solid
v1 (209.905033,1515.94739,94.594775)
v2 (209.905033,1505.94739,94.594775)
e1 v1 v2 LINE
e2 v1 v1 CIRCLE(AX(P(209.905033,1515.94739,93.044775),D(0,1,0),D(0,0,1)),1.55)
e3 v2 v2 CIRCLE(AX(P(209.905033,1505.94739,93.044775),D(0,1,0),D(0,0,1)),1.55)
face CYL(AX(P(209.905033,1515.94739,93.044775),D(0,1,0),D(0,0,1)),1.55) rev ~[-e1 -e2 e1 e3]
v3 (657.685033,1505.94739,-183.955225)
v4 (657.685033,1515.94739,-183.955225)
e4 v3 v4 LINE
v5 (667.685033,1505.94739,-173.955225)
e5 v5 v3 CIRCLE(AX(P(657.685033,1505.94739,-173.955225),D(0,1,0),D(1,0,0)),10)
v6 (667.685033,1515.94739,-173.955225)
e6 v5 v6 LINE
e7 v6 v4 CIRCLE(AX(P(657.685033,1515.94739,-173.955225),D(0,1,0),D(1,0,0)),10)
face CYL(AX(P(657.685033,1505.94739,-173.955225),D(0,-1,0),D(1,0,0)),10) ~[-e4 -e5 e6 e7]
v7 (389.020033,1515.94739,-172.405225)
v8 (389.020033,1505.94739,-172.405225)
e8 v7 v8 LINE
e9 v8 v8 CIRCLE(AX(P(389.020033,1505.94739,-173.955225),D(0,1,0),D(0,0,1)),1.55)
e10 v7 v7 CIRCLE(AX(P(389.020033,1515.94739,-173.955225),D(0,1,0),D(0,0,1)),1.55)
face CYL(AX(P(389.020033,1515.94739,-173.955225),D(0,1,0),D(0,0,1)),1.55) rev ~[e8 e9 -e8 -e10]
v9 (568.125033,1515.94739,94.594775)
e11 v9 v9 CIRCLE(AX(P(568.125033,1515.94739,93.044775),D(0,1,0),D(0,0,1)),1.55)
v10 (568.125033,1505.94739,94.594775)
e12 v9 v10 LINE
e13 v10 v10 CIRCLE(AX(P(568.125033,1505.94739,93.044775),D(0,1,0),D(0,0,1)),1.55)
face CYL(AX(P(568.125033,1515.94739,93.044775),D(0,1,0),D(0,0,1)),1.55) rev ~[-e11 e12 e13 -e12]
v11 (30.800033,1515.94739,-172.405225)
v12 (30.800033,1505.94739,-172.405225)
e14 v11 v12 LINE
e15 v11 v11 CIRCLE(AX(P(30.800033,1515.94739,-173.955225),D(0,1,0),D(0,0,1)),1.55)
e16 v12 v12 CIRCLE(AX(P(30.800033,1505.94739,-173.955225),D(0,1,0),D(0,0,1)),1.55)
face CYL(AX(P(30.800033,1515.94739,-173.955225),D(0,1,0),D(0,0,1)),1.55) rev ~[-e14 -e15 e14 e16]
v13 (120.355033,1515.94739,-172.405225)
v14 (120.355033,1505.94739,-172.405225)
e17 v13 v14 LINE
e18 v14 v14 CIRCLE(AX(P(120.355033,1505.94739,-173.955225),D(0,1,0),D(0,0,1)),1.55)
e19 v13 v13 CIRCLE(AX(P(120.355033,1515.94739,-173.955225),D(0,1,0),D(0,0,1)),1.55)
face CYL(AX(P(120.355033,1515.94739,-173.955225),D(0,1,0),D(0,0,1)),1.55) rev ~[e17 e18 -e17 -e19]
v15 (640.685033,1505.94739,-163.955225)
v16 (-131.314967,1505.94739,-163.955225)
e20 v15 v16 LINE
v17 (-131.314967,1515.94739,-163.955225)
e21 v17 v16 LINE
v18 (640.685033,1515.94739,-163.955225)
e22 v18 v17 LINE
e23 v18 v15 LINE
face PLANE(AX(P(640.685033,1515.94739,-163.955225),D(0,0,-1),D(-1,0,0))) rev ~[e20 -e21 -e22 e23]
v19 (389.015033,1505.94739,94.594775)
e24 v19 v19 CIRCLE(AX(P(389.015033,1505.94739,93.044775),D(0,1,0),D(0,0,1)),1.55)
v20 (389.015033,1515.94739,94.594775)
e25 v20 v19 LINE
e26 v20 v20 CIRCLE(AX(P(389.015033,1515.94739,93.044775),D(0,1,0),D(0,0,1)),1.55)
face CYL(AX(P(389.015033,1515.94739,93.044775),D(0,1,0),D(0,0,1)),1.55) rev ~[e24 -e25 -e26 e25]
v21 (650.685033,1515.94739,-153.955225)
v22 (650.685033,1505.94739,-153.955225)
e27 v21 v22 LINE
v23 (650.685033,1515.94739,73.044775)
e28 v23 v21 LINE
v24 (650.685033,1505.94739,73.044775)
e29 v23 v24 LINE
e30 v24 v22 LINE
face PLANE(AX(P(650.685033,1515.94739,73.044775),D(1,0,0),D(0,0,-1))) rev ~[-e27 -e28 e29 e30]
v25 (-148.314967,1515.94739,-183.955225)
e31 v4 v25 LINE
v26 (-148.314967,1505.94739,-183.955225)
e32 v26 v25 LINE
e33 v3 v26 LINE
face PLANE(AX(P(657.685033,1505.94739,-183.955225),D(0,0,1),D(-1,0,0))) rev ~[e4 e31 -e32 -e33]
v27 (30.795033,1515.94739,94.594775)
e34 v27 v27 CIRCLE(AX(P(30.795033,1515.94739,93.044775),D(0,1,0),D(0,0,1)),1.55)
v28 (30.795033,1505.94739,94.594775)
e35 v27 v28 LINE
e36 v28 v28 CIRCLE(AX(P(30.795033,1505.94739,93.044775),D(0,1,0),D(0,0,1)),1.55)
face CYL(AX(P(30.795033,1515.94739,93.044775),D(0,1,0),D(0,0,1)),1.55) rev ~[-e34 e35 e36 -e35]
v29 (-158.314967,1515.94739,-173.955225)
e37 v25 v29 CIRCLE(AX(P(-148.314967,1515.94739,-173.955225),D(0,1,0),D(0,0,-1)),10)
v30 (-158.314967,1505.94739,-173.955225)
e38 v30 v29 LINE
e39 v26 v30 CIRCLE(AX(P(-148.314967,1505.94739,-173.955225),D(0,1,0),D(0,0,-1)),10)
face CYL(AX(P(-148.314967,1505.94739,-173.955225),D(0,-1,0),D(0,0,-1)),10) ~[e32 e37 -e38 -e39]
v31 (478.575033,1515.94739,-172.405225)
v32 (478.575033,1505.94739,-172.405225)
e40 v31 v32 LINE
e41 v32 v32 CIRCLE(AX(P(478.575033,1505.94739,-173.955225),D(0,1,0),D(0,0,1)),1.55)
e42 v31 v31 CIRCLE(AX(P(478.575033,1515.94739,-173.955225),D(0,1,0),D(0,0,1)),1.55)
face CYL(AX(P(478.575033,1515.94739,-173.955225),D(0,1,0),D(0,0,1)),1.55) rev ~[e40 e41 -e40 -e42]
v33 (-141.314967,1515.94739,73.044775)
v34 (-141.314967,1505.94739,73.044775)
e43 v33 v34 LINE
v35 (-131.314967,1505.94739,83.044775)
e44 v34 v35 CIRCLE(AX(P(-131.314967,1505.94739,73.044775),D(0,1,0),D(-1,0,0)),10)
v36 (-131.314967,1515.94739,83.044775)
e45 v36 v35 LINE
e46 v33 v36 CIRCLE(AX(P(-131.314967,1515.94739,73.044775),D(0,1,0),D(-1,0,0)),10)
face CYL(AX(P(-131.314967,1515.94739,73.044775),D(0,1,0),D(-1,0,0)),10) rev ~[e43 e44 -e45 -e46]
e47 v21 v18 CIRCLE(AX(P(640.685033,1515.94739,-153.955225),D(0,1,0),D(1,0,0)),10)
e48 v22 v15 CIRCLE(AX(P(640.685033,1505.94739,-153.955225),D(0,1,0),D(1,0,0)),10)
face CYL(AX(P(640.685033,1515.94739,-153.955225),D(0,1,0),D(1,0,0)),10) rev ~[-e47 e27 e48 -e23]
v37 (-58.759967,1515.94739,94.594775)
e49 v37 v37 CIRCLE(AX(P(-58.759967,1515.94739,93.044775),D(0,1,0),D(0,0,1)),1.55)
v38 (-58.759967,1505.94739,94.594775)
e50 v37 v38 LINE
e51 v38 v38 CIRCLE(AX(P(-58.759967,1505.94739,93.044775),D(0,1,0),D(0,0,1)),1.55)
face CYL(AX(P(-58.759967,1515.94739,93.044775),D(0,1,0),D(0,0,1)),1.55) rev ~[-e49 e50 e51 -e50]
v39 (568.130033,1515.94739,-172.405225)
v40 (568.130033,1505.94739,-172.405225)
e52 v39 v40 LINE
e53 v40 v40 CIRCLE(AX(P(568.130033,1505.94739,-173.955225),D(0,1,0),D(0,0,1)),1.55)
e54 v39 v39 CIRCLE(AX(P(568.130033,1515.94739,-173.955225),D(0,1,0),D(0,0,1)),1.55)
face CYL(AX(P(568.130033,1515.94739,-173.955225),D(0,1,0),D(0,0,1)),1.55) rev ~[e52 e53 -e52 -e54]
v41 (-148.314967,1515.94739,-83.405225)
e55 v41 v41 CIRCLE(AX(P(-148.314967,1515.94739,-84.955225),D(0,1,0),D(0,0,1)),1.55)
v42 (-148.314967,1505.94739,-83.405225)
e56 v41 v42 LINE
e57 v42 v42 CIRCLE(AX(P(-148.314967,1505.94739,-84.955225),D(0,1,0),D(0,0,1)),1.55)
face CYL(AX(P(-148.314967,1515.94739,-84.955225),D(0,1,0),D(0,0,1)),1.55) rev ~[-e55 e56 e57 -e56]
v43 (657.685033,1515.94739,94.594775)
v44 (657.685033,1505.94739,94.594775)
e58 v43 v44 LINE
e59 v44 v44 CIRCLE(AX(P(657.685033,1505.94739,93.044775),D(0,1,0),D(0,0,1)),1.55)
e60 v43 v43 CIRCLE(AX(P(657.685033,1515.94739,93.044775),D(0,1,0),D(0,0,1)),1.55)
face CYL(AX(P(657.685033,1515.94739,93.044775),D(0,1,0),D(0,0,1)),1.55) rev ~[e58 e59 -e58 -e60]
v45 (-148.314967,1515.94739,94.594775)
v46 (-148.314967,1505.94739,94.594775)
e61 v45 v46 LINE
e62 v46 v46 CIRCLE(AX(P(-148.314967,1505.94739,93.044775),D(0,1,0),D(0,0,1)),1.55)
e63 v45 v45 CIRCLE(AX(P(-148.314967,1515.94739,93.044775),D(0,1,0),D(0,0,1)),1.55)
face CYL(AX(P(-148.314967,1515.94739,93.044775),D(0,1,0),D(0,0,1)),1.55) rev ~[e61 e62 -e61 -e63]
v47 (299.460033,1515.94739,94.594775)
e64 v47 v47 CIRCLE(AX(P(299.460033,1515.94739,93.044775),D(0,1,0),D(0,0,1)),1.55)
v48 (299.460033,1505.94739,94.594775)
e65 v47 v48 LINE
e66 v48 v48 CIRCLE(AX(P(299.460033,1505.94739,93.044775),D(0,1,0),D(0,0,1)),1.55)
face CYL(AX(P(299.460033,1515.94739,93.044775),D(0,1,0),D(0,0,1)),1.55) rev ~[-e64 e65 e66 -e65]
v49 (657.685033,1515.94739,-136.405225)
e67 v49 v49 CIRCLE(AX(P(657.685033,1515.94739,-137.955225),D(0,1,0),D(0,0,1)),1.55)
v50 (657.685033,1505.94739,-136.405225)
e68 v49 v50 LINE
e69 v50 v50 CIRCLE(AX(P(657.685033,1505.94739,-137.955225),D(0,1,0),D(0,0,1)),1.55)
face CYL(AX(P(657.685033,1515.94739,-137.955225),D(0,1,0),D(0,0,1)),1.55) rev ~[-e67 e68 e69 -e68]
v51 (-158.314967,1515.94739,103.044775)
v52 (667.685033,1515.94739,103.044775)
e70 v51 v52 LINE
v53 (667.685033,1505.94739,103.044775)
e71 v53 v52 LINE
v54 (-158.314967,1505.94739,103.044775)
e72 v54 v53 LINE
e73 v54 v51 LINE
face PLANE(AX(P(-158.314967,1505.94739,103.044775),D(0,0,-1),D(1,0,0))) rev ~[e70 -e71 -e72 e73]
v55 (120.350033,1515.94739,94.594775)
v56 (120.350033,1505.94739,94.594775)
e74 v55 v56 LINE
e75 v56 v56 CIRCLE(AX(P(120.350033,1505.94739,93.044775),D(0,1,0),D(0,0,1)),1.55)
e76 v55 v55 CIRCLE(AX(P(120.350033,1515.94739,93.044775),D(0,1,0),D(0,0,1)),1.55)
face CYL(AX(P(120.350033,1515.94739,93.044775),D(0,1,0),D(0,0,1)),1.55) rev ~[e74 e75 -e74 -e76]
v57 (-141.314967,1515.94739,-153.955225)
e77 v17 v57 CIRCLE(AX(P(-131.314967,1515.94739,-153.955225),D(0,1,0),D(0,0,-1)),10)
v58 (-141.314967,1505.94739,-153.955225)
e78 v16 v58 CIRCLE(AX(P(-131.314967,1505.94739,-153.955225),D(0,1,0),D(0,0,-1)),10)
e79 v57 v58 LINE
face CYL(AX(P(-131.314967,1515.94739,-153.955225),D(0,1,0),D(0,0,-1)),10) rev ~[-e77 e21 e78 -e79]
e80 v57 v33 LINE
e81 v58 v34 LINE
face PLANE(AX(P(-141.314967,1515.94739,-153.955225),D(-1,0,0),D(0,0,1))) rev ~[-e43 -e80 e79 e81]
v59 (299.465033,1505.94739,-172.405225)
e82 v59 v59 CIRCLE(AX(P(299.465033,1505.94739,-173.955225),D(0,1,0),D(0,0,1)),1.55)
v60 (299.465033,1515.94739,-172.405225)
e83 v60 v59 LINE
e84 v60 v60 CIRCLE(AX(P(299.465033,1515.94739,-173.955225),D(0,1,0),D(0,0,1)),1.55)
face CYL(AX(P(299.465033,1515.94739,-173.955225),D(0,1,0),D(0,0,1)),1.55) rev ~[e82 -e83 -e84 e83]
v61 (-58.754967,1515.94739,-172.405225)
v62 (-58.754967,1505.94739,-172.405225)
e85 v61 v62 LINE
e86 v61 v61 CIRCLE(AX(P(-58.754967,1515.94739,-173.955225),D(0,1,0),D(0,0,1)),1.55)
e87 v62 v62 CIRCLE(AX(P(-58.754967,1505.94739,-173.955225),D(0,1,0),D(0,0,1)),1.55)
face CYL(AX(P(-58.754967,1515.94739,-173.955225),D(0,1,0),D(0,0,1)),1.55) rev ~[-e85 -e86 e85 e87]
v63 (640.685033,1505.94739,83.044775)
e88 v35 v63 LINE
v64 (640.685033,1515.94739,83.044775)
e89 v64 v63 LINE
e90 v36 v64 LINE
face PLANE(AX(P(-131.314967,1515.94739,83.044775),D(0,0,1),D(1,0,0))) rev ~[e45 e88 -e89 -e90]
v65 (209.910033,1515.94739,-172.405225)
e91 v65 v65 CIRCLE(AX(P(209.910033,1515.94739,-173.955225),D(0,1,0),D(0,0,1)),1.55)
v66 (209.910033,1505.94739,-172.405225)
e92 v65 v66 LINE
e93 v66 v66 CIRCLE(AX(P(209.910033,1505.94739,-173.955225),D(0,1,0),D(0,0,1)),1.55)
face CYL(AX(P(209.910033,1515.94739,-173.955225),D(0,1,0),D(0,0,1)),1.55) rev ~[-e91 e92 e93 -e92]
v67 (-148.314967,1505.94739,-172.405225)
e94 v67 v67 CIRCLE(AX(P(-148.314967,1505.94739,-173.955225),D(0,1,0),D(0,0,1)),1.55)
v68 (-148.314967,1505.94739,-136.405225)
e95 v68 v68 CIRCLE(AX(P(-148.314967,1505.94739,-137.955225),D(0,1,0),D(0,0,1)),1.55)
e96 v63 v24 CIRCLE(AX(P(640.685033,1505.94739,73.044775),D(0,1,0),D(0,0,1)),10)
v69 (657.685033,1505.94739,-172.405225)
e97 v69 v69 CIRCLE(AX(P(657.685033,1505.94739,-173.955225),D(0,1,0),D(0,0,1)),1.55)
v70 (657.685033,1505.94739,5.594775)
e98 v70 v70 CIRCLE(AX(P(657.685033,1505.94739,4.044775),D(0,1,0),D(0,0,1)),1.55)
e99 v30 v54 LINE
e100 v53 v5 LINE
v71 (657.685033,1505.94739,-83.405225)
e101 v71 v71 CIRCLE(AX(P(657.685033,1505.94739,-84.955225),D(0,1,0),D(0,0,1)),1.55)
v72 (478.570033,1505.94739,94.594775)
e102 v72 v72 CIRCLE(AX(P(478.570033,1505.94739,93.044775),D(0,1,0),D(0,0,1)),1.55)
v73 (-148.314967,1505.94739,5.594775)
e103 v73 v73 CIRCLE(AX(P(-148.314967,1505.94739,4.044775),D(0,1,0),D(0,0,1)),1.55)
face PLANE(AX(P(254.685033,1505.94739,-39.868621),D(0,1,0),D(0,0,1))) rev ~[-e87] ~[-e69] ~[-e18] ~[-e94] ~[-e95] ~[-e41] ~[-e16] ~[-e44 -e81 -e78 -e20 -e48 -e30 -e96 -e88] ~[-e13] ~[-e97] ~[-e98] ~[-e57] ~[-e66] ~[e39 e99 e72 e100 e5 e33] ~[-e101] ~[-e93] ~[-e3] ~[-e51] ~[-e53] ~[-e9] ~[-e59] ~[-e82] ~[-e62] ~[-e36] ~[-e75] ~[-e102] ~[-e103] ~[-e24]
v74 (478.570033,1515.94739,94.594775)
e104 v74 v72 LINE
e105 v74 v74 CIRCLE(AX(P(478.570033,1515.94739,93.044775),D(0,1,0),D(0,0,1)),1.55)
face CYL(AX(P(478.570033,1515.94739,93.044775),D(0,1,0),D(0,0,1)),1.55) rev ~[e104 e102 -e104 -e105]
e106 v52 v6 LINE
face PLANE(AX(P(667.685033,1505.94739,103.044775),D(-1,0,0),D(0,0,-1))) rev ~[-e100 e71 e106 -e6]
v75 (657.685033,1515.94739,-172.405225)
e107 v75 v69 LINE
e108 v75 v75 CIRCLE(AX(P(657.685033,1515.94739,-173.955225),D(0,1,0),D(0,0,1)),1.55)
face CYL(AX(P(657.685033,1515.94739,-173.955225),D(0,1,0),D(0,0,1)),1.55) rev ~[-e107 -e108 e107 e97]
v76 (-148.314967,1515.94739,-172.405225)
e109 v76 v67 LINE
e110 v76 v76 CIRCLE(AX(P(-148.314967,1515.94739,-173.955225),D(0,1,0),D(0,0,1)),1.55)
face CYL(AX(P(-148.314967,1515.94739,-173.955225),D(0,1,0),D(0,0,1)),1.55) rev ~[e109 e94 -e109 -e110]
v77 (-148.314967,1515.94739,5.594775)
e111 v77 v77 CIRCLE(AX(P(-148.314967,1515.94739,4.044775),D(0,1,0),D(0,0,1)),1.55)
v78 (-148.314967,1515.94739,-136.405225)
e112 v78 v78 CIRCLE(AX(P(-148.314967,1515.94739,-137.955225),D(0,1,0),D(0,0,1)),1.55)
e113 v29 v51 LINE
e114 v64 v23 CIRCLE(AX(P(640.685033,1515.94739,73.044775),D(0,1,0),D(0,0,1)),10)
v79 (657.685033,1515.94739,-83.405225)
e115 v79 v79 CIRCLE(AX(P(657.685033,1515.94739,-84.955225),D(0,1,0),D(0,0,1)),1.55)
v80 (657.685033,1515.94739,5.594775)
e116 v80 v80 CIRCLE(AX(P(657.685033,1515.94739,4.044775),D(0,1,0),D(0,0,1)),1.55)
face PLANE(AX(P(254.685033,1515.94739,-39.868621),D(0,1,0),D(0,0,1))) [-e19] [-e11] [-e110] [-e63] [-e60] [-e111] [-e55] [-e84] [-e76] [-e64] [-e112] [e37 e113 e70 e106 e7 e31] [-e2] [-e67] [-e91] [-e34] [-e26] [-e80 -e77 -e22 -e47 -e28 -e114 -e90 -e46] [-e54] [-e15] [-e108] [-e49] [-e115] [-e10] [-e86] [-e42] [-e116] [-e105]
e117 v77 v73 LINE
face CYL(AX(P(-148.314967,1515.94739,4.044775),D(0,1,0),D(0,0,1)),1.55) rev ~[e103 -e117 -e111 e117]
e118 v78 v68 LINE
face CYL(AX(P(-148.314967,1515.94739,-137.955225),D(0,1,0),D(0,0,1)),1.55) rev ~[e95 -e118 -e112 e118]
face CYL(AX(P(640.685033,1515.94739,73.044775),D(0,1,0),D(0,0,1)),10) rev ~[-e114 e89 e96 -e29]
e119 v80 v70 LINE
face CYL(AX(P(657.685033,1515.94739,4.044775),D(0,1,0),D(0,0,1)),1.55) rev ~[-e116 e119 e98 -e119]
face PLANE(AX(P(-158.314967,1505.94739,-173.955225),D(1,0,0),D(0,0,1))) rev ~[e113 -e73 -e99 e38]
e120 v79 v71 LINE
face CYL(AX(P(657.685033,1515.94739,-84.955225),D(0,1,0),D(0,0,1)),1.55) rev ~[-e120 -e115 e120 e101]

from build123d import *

# Parameters (mm, degrees)
DODANIE_WYCI_GNI_CIE1_DEPTH = 10
WYTNIJ_WYCI_GNI_CIE1_DEPTH  = 10
SZKIC4_R                    = 1.55
WYTNIJ_WYCI_GNI_CIE2_DEPTH  = 10
SZYK_LINIOWY1_COUNT         = 9
SZYK_LINIOWY1_PITCH         = 89.555
SZYK_LINIOWY1_COL_COUNT     = 4
SZYK_LINIOWY1_COL_PITCH     = 89
SZKIC6_R                    = 1.55
WYTNIJ_WYCI_GNI_CIE3_DEPTH  = 10
SZYK_LINIOWY2_COUNT         = 4
SZYK_LINIOWY2_PITCH         = 89
SZYK_LINIOWY2_COL_COUNT     = 9
SZYK_LINIOWY2_COL_PITCH     = 89.555
SZYK_LINIOWY3_COUNT         = 2
SZYK_LINIOWY3_PITCH         = 36
SZYK_LINIOWY4_COUNT         = 2
SZYK_LINIOWY4_PITCH         = 231


with BuildPart() as part:
    # Szkic2 → Dodanie-wyciągnięcie1 (new body)
    with BuildSketch(Plane.ZX.offset(1505.947389818)):
        with BuildLine():
            Line((-183.955224703, 657.685033185), (-183.955224703, -148.314966815))
            ThreePointArc((-183.955224703, -148.314966815), (-181.026292515, -155.386034627), (-173.955224703, -158.314966815))
            Line((-173.955224703, -158.314966815), (103.044775297, -158.314966815))
            Line((103.044775297, -158.314966815), (103.044775297, 667.685033185))
            Line((103.044775297, 667.685033185), (-173.955224703, 667.685033185))
            ThreePointArc((-173.955224703, 667.685033185), (-181.026292515, 664.756100997), (-183.955224703, 657.685033185))
        make_face()
    extrude(amount=DODANIE_WYCI_GNI_CIE1_DEPTH)

    # Szkic3 → Wytnij-wyciągnięcie1 (cut)
    with BuildSketch(Plane(origin=(0, 1515.947389818, 0), x_dir=(1, 0, 0), z_dir=(0, 1, 0))):
        with BuildLine():
            Line((650.685033185, -73.044775297), (650.685033185, 153.955224703))
            ThreePointArc((650.685033185, 153.955224703), (647.756100997, 161.026292515), (640.685033185, 163.955224703))
            Line((640.685033185, 163.955224703), (-131.314966815, 163.955224703))
            ThreePointArc((-131.314966815, 163.955224703), (-138.386034627, 161.026292515), (-141.314966815, 153.955224703))
            Line((-141.314966815, 153.955224703), (-141.314966815, -73.044775297))
            ThreePointArc((-141.314966815, -73.044775297), (-138.386034627, -80.115843109), (-131.314966815, -83.044775297))
            Line((-131.314966815, -83.044775297), (640.685033185, -83.044775297))
            ThreePointArc((640.685033185, -83.044775297), (647.756100997, -80.115843109), (650.685033185, -73.044775297))
        make_face()
    extrude(amount=-WYTNIJ_WYCI_GNI_CIE1_DEPTH, mode=Mode.SUBTRACT)

    # Szkic4 → Wytnij-wyciągnięcie2 (cut)
    with BuildSketch(Plane(origin=(0, 1515.947389818, 0), x_dir=(1, 0, 0), z_dir=(0, 1, 0))):
        with Locations(Location((657.685033185, 173.955224703, 0), (0, 0, 270))):
            Circle(SZKIC4_R)
    wytnij_wyci_gni_cie2 = extrude(amount=-WYTNIJ_WYCI_GNI_CIE2_DEPTH, mode=Mode.SUBTRACT)

    # Szyk liniowy1: Wytnij-wyciągnięcie2 ×9
    with Locations(*[(-i * SZYK_LINIOWY1_PITCH, 0, 0) for i in range(1, SZYK_LINIOWY1_COUNT)]):
        add(wytnij_wyci_gni_cie2, mode=Mode.SUBTRACT)

    # Szyk liniowy1 col: Wytnij-wyciągnięcie2 ×4
    with Locations(*[(0, 0, i * SZYK_LINIOWY1_COL_PITCH) for i in range(1, SZYK_LINIOWY1_COL_COUNT)]):
        add(wytnij_wyci_gni_cie2, mode=Mode.SUBTRACT)

    # Szkic6 → Wytnij-wyciągnięcie3 (cut)
    with BuildSketch(Plane(origin=(0, 1515.947389818, 0), x_dir=(1, 0, 0), z_dir=(0, 1, 0))):
        with Locations(Location((-148.314966815, -93.044775297, 0), (0, 0, 270))):
            Circle(SZKIC6_R)
    wytnij_wyci_gni_cie3 = extrude(amount=-WYTNIJ_WYCI_GNI_CIE3_DEPTH, mode=Mode.SUBTRACT)

    # Szyk liniowy2: Wytnij-wyciągnięcie3 ×4
    with Locations(*[(0, 0, -i * SZYK_LINIOWY2_PITCH) for i in range(1, SZYK_LINIOWY2_COUNT)]):
        add(wytnij_wyci_gni_cie3, mode=Mode.SUBTRACT)

    # Szyk liniowy2 col: Wytnij-wyciągnięcie3 ×9
    with Locations(*[(i * SZYK_LINIOWY2_COL_PITCH, 0, 0) for i in range(1, SZYK_LINIOWY2_COL_COUNT)]):
        add(wytnij_wyci_gni_cie3, mode=Mode.SUBTRACT)

    # Szyk liniowy3: Wytnij-wyciągnięcie2 ×2
    with Locations(*[(0, 0, i * SZYK_LINIOWY3_PITCH) for i in range(1, SZYK_LINIOWY3_COUNT)]):
        add(wytnij_wyci_gni_cie2, mode=Mode.SUBTRACT)

    # Szyk liniowy4: Wytnij-wyciągnięcie3 ×2
    with Locations(*[(0, 0, -i * SZYK_LINIOWY4_PITCH) for i in range(1, SZYK_LINIOWY4_COUNT)]):
        add(wytnij_wyci_gni_cie3, mode=Mode.SUBTRACT)


solid = part.part
